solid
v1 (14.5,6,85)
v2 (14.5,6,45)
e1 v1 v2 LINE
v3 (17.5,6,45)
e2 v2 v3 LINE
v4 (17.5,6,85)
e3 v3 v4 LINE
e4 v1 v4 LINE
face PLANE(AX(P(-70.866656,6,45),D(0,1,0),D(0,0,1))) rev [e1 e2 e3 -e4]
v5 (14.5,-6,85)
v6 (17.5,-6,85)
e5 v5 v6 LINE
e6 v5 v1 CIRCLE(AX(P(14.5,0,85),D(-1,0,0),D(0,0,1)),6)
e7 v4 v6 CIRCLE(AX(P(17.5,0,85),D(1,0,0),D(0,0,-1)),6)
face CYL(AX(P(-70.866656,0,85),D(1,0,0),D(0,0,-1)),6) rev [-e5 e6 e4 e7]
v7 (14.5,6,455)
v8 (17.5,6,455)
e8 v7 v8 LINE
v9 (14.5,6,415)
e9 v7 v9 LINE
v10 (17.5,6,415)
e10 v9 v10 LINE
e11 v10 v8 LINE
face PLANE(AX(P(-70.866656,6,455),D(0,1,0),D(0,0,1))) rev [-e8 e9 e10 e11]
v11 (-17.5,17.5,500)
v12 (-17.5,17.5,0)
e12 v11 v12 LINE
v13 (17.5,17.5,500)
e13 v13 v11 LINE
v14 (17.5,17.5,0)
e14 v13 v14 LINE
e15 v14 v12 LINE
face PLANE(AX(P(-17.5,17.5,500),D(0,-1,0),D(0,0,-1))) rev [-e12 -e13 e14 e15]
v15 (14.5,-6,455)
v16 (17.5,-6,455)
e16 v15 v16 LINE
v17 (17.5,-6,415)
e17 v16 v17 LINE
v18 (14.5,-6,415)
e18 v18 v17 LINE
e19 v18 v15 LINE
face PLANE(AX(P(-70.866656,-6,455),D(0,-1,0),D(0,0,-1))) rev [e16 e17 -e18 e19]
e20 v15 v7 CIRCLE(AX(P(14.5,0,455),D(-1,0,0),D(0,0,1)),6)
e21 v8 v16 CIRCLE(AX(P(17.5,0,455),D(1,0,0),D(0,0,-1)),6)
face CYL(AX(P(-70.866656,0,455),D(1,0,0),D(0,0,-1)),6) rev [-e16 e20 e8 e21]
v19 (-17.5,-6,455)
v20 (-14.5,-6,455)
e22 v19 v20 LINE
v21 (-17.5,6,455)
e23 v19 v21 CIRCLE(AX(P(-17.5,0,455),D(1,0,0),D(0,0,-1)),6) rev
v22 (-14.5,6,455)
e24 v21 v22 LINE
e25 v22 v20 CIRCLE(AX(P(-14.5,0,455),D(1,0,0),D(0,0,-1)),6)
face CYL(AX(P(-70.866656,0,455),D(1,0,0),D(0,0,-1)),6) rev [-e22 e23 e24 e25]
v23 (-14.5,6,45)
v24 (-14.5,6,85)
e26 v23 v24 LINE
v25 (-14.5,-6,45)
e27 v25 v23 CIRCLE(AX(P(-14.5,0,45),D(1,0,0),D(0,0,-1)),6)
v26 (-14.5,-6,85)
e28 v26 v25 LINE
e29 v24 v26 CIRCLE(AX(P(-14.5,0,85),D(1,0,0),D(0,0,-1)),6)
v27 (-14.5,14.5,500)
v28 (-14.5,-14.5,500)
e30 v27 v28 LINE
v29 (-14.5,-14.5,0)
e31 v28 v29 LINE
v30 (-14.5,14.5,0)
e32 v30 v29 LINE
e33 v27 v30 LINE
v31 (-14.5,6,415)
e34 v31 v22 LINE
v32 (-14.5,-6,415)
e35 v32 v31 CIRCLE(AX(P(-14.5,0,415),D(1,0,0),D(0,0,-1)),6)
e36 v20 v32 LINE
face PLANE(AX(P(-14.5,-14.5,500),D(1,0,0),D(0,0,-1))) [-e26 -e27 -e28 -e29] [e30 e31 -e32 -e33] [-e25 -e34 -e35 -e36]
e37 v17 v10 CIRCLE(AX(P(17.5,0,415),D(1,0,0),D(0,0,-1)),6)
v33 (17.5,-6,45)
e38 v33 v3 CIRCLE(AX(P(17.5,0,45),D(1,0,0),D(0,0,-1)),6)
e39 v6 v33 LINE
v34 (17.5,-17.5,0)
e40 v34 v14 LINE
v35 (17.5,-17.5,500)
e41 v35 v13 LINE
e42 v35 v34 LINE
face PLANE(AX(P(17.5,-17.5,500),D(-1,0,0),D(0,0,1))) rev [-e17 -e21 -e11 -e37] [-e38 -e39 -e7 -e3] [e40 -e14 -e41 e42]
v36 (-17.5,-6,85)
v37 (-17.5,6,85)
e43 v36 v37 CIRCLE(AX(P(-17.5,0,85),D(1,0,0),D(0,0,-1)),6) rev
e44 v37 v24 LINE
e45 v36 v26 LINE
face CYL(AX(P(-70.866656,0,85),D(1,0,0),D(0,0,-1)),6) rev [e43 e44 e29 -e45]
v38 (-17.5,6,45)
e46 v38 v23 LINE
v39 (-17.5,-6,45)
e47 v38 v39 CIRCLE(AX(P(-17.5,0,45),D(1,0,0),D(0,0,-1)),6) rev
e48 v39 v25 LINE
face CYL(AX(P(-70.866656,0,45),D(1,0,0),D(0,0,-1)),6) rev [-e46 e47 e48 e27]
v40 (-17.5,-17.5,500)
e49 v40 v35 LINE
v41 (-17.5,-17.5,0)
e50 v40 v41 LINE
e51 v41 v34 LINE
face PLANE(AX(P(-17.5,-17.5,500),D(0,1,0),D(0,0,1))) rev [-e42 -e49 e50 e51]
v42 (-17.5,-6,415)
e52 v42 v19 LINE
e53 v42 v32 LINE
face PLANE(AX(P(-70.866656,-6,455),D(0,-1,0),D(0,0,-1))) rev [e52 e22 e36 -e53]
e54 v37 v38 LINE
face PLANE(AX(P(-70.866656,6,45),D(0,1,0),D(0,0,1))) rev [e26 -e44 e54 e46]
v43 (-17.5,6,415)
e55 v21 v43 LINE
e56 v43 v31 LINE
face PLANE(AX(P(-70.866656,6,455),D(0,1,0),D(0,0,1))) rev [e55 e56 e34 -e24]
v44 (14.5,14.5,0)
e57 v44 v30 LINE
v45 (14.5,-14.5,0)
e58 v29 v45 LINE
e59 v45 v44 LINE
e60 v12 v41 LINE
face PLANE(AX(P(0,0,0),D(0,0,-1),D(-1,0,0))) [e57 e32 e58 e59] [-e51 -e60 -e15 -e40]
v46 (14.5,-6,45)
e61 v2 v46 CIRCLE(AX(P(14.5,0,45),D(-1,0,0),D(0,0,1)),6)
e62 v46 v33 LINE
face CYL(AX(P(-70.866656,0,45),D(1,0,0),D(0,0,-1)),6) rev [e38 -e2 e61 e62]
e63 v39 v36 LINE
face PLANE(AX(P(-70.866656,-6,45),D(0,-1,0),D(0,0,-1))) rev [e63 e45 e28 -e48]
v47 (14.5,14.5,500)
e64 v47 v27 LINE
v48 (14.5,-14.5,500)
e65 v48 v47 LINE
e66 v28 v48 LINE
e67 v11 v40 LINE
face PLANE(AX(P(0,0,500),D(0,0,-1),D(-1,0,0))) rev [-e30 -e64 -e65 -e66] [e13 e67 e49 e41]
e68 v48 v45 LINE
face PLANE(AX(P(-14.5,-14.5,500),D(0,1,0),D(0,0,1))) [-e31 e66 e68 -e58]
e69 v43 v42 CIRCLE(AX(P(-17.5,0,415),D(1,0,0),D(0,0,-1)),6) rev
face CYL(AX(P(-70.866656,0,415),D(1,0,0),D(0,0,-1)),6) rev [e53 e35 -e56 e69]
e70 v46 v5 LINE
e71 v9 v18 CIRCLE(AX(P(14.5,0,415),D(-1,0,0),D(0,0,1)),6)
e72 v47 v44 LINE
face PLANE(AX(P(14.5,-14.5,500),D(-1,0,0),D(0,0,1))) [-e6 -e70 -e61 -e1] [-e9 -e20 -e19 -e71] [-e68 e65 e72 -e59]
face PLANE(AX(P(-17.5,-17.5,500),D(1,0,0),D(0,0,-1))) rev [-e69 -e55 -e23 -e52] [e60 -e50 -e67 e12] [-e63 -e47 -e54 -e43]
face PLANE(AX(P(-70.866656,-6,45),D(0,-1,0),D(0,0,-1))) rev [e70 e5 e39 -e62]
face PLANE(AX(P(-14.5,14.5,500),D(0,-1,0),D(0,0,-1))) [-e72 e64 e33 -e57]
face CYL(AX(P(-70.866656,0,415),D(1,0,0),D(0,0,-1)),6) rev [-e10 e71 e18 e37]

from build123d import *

# Parameters (mm, degrees)
SZKIC1_W                    = 35
SZKIC1_H                    = 35
SZKIC1_W_2                  = 29
SZKIC1_H_2                  = 29
DODANIE_WYCI_GNI_CIE1_DEPTH = 500
WYTNIJ_WYCI_GNI_CIE1_REACH  = 503.529


with BuildPart() as part:
    # Szkic1 → Dodanie-wyciągnięcie1 (new body)
    with BuildSketch(Plane.XY):
        Rectangle(SZKIC1_W, SZKIC1_H)
        Rectangle(SZKIC1_W_2, SZKIC1_H_2, mode=Mode.SUBTRACT)
    extrude(amount=DODANIE_WYCI_GNI_CIE1_DEPTH)

    # Wytnij-wyciągnięcie1: up to this face of the body (flat: up to its plane)
    wytnij_wyci_gni_cie1_end = Plane(part.part.faces().sort_by_distance((-17.5, 0, 250))[0])
    # Szkic2 → Wytnij-wyciągnięcie1 (cut, up to the picked face)
    with BuildSketch(Plane(origin=(17.5, 0, 0), x_dir=(0, 0, -1), z_dir=(1, 0, 0)), mode=Mode.PRIVATE) as wytnij_wyci_gni_cie1_sk1:
        with BuildLine():
            Line((-455, 6), (-415, 6))
            ThreePointArc((-415, 6), (-409, 0), (-415, -6))
            Line((-415, -6), (-455, -6))
            ThreePointArc((-455, -6), (-461, 0), (-455, 6))
        make_face()
    wytnij_wyci_gni_cie1_tool1 = split(extrude(wytnij_wyci_gni_cie1_sk1.sketch, amount=-WYTNIJ_WYCI_GNI_CIE1_REACH, mode=Mode.PRIVATE), bisect_by=wytnij_wyci_gni_cie1_end, keep=Keep.BOTH, mode=Mode.PRIVATE)
    # Szkic2 → Wytnij-wyciągnięcie1 (cut, up to the picked face)
    with BuildSketch(Plane(origin=(17.5, 0, 0), x_dir=(0, 0, -1), z_dir=(1, 0, 0)), mode=Mode.PRIVATE) as wytnij_wyci_gni_cie1_sk2:
        with BuildLine():
            Line((-45, -6), (-85, -6))
            ThreePointArc((-85, -6), (-91, 0), (-85, 6))
            Line((-85, 6), (-45, 6))
            ThreePointArc((-45, 6), (-39, 0), (-45, -6))
        make_face()
    wytnij_wyci_gni_cie1_tool2 = split(extrude(wytnij_wyci_gni_cie1_sk2.sketch, amount=-WYTNIJ_WYCI_GNI_CIE1_REACH, mode=Mode.PRIVATE), bisect_by=wytnij_wyci_gni_cie1_end, keep=Keep.BOTH, mode=Mode.PRIVATE)
    add(wytnij_wyci_gni_cie1_tool1.solids().sort_by(Axis((17.5, 0, 435), (-1, 0, 0)))[0], mode=Mode.SUBTRACT)
    add(wytnij_wyci_gni_cie1_tool2.solids().sort_by(Axis((17.5, 0, 65), (-1, 0, 0)))[0], mode=Mode.SUBTRACT)


solid = part.part
